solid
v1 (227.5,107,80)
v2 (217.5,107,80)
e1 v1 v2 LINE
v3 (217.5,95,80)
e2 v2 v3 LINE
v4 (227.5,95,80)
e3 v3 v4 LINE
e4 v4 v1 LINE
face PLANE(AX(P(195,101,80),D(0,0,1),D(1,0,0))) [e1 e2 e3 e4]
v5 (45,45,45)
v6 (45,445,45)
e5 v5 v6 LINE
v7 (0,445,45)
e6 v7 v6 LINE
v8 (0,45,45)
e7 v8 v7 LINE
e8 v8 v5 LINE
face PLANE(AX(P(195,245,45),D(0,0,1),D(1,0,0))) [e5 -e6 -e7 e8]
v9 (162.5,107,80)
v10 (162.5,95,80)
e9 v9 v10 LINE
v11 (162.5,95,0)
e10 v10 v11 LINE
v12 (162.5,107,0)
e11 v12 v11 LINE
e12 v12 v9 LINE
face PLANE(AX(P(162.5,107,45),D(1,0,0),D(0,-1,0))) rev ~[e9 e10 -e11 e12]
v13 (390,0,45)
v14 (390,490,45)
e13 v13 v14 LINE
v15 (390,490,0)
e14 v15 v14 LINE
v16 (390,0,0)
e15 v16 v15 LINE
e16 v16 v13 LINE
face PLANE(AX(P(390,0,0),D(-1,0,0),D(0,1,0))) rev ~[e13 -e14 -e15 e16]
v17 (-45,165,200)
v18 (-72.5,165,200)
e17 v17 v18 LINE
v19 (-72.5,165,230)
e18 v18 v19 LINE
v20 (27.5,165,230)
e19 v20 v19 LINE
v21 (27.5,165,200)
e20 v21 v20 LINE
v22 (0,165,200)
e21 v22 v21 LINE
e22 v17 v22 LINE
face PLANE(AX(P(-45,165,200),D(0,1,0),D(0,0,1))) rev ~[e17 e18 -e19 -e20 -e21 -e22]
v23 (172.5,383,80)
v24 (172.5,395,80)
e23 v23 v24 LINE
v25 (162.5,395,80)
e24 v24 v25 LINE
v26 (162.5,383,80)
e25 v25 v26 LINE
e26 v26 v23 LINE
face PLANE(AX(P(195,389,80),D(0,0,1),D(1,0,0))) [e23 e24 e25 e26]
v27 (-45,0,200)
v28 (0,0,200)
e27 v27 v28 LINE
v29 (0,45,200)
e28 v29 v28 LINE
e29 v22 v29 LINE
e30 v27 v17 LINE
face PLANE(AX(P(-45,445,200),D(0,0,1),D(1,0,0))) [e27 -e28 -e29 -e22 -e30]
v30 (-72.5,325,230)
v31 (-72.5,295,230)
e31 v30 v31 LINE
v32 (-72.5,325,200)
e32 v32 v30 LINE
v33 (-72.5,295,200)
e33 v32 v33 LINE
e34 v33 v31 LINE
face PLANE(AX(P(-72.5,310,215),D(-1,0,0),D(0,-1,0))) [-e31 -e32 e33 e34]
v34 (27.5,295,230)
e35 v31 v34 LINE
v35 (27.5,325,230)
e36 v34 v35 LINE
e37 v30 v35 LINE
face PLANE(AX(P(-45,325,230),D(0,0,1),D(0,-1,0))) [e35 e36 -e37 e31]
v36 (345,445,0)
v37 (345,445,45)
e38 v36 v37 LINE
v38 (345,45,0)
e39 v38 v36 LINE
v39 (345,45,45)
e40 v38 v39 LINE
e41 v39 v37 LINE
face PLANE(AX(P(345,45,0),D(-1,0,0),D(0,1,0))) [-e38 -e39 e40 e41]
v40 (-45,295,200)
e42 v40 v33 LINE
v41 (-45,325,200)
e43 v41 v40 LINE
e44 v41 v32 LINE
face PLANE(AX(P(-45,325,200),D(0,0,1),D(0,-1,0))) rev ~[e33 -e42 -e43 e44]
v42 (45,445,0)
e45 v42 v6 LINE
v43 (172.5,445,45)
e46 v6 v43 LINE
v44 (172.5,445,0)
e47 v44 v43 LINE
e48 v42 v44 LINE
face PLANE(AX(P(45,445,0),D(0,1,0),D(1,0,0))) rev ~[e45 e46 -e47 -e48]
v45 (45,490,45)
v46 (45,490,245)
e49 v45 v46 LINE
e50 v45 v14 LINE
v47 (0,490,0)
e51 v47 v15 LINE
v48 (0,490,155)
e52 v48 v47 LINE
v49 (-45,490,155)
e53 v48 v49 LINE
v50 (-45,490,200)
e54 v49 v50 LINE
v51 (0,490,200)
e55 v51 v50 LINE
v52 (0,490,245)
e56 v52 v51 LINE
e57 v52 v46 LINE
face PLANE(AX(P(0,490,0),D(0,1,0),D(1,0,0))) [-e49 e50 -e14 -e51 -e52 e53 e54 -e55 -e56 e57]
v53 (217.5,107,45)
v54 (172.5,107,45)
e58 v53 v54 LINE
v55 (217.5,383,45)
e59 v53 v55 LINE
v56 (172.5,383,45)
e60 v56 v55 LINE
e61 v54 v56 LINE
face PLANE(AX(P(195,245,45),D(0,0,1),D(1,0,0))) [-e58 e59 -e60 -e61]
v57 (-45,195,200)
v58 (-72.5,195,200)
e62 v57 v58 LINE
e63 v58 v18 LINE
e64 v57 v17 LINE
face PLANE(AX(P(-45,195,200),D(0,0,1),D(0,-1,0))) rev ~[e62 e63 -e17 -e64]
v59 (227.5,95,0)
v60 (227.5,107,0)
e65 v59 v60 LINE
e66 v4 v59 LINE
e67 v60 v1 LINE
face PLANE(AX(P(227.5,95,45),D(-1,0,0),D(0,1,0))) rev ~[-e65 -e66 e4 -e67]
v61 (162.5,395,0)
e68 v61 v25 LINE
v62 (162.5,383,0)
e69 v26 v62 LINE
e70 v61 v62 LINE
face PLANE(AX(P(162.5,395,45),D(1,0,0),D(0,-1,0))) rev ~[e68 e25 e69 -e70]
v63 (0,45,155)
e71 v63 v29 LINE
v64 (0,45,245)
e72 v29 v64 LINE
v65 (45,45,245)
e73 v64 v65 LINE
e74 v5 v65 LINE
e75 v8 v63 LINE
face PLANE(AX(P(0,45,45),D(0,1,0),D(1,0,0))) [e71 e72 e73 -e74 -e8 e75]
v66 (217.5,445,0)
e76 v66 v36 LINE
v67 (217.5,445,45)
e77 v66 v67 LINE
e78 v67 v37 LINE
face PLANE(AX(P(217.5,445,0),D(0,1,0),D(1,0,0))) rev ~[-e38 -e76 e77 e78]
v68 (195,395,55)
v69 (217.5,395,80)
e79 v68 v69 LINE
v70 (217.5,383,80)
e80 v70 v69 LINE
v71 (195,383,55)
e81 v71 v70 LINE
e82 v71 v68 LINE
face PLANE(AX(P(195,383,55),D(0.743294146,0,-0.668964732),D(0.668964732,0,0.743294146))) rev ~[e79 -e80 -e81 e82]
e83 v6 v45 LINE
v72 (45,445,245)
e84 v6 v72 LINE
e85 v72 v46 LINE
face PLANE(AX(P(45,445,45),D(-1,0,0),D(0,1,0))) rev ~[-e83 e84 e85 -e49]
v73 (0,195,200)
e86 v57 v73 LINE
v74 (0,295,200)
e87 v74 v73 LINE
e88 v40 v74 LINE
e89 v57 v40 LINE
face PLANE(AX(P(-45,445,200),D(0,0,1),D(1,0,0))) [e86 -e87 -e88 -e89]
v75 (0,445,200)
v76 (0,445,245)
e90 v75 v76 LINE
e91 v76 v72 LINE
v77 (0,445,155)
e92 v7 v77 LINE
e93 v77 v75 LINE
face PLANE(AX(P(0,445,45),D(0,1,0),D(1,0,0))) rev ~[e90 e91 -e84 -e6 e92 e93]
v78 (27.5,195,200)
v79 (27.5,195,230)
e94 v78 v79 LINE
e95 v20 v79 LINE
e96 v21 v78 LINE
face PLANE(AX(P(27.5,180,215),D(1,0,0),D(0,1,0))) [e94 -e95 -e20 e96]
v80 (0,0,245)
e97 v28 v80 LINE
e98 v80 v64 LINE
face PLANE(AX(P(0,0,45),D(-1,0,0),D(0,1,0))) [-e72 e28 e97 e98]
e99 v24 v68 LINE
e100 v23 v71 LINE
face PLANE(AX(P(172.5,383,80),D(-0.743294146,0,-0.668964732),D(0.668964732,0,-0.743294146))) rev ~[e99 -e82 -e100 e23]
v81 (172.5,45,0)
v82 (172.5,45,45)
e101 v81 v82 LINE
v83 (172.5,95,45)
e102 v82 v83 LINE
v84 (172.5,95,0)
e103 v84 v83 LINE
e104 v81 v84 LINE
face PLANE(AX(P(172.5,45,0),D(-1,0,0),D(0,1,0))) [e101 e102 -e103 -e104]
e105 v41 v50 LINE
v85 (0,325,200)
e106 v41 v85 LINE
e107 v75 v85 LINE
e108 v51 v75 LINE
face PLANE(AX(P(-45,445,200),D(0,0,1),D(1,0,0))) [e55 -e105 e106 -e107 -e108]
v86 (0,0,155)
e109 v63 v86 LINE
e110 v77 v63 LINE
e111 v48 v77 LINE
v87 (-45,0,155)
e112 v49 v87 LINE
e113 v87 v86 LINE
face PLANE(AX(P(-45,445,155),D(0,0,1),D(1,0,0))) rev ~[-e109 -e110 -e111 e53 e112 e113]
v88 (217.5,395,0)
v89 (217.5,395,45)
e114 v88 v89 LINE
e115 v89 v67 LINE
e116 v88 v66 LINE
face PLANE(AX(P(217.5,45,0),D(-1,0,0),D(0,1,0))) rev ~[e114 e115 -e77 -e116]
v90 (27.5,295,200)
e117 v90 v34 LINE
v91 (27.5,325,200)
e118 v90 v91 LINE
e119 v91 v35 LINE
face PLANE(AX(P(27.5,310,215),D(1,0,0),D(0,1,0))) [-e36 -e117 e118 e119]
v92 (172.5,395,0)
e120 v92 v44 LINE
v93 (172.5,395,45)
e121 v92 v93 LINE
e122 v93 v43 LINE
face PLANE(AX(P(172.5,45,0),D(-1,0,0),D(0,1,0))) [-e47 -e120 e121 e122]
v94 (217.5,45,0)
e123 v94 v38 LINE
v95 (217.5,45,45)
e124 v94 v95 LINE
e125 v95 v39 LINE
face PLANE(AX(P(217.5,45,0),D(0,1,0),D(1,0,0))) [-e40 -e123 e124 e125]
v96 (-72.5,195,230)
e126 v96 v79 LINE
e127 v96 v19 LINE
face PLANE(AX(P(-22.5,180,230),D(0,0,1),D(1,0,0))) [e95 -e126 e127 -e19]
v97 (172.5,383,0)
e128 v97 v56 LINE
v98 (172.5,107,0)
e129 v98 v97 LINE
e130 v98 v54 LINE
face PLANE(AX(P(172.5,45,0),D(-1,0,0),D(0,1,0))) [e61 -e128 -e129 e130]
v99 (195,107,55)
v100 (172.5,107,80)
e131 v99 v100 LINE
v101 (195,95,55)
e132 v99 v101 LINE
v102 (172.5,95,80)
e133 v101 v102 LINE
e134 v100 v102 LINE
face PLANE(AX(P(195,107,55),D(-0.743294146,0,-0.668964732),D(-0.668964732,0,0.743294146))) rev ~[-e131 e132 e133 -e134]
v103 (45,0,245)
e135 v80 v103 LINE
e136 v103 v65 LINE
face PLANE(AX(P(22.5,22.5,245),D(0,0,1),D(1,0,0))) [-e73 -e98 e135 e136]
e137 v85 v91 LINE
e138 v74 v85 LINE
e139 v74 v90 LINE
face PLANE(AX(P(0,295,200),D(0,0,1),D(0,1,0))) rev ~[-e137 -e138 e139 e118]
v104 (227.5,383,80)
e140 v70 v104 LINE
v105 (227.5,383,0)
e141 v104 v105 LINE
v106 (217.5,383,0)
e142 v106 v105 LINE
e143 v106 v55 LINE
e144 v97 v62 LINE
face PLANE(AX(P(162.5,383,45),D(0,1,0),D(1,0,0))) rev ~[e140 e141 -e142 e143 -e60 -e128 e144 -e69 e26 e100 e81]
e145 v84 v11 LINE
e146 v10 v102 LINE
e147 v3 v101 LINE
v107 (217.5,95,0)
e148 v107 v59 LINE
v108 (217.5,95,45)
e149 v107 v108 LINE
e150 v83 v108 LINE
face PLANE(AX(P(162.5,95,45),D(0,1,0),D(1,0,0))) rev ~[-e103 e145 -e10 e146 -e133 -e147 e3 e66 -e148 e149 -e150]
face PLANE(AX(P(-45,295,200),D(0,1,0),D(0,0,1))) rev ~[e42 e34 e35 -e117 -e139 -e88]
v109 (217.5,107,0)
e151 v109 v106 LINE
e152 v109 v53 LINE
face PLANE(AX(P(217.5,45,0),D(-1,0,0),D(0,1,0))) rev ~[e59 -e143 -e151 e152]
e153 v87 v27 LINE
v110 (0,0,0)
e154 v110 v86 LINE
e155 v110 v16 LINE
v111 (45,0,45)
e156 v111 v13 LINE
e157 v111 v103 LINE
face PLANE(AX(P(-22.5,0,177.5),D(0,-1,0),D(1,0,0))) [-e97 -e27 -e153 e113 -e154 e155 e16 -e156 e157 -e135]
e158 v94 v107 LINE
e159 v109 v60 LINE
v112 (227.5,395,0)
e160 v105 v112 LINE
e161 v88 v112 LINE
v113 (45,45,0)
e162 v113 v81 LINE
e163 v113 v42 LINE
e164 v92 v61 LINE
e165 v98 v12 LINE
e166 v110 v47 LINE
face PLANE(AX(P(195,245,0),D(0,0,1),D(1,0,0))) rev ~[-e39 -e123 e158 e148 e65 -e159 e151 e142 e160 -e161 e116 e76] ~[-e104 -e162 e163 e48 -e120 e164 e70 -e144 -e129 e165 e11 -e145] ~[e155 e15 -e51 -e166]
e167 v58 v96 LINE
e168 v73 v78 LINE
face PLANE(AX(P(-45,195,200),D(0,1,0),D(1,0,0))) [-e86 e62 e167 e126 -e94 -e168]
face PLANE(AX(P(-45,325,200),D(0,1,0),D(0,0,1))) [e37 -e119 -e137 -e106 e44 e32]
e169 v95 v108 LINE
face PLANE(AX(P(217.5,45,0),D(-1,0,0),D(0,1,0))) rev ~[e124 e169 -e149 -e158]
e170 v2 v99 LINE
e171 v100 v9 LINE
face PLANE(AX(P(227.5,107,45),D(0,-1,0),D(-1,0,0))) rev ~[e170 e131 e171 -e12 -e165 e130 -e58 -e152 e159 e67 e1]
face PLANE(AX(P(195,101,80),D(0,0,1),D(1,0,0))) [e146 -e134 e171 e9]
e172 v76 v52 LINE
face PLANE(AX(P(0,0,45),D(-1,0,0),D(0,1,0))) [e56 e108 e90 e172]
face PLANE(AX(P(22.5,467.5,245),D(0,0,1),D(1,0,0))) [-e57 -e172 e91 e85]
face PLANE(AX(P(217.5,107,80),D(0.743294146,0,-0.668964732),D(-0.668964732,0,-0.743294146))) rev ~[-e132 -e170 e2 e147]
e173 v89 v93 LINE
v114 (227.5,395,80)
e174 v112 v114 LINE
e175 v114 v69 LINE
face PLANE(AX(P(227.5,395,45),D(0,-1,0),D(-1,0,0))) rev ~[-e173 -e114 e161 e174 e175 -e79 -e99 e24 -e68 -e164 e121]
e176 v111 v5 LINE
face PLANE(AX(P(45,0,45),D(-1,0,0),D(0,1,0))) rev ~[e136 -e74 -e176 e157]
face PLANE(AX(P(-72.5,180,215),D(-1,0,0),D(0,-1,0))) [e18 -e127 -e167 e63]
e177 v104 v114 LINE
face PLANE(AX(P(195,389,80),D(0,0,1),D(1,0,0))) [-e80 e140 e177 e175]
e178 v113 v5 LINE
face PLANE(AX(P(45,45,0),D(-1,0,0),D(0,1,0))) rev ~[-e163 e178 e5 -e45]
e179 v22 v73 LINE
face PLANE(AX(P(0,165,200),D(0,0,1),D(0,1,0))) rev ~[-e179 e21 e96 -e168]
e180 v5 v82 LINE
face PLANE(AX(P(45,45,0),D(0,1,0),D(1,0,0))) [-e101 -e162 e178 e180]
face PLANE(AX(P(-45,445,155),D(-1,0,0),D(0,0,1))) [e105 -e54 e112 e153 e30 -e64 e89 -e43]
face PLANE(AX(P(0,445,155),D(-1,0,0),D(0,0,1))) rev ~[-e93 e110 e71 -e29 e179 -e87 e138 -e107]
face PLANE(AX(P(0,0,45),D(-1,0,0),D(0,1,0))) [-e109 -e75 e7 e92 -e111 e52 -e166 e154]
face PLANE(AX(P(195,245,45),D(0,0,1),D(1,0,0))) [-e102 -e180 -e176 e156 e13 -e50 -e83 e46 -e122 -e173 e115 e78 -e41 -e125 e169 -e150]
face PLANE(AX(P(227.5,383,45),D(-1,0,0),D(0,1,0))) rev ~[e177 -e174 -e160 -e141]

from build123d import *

# Parameters (mm, degrees)
F0_W      = 390
F0_H      = 490
F0_W_2    = 127.5
F0_H_2    = 400
F1_DEPTH  = 45
F2_W      = 45
F2_H      = 45
F3_DEPTH  = 200
F4_W      = 45
F4_H      = 45
F5_DEPTH  = 45
F6_W      = 45
F6_H      = 45
F7_DEPTH  = 445
F8_W      = 12
F8_H      = 45
F9_DEPTH  = 10
F10_W     = 12
F10_H     = 45
F11_DEPTH = 10
F13_DEPTH = 35
F15_DEPTH = 12
F16_W     = 12
F16_H     = 45
F17_DEPTH = 10
F18_W     = 12
F18_H     = 45
F19_DEPTH = 10
F21_DEPTH = 35
F23_DEPTH = 12
F24_W     = 45
F24_H     = 30
F25_DEPTH = 30
F26_W     = 30
F26_H     = 30
F27_DEPTH = 27.5
F28_W     = 30
F28_H     = 30
F29_DEPTH = 27.5


with BuildPart() as f1:
    # F0 (on Top) → F1 (new body)
    with BuildSketch(Plane.XY):
        with Locations((195, 245)):
            Rectangle(F0_W, F0_H)
        with Locations((108.75, 245)):
            Rectangle(F0_W_2, F0_H_2, mode=Mode.SUBTRACT)
        with Locations((281.25, 245)):
            Rectangle(F0_W_2, F0_H_2, mode=Mode.SUBTRACT)
    extrude(amount=F1_DEPTH)

    # F2 (on face) → F3 (join)
    with BuildSketch(Plane.XY.offset(45)):
        with Locations((22.5, 22.5)):
            Rectangle(F2_W, F2_H)
        with Locations((22.5, 467.5)):
            Rectangle(F2_W, F2_H)
    extrude(amount=F3_DEPTH)

    # F4 (on face) → F5 (join)
    with BuildSketch(Plane(origin=(0, 0, 0), x_dir=(0, -1, 0), z_dir=(-1, 0, 0))):
        with Locations((-467.5, 177.5)):
            Rectangle(F4_W, F4_H)
    extrude(amount=F5_DEPTH)

    # F6 (on face) → F7 (join)
    with BuildSketch(Plane.XZ.offset(-445)):
        with Locations((-22.5, 177.5)):
            Rectangle(F6_W, F6_H)
    extrude(amount=F7_DEPTH)

    # F8 (on face) → F9 (join)
    with BuildSketch(Plane.YZ.offset(217.5)):
        with Locations((101, 22.5)):
            Rectangle(F8_W, F8_H)
    extrude(amount=F9_DEPTH)

    # F10 (on face) → F11 (join)
    with BuildSketch(Plane(origin=(172.5, 0, 0), x_dir=(0, -1, 0), z_dir=(-1, 0, 0))):
        with Locations((-101, 22.5)):
            Rectangle(F10_W, F10_H)
    extrude(amount=F11_DEPTH)

    # F12 (on face) → F13 (join)
    with BuildSketch(Plane.XY.offset(45)):
        Polygon((217.5, 95), (227.5, 95), (227.5, 107), (217.5, 107), (172.5, 107), (162.5, 107), (162.5, 95), (172.5, 95), align=None)
    extrude(amount=F13_DEPTH)

    # F14 (on face) → F15 (cut)
    with BuildSketch(Plane(origin=(0, 107, 0), x_dir=(-1, 0, 0), z_dir=(0, 1, 0))):
        Polygon((-172.5, 80), (-217.5, 80), (-195, 55), align=None)
    extrude(amount=-F15_DEPTH, mode=Mode.SUBTRACT)

    # F16 (on face) → F17 (join)
    with BuildSketch(Plane.YZ.offset(217.5)):
        with Locations((389, 22.5)):
            Rectangle(F16_W, F16_H)
    extrude(amount=F17_DEPTH)

    # F18 (on face) → F19 (join)
    with BuildSketch(Plane(origin=(172.5, 0, 0), x_dir=(0, -1, 0), z_dir=(-1, 0, 0))):
        with Locations((-389, 22.5)):
            Rectangle(F18_W, F18_H)
    extrude(amount=F19_DEPTH)

    # F20 (on face) → F21 (join)
    with BuildSketch(Plane.XY.offset(45)):
        Polygon((227.5, 383), (227.5, 395), (217.5, 395), (172.5, 395), (162.5, 395), (162.5, 383), (172.5, 383), (217.5, 383), align=None)
    extrude(amount=F21_DEPTH)

    # F22 (on face) → F23 (cut)
    with BuildSketch(Plane.XZ.offset(-383)):
        Polygon((217.5, 80), (172.5, 80), (195, 55), align=None)
    extrude(amount=-F23_DEPTH, mode=Mode.SUBTRACT)

    # F24 (on face) → F25 (join)
    with BuildSketch(Plane.XY.offset(200)):
        with Locations((-22.5, 180)):
            Rectangle(F24_W, F24_H)
        with Locations((-22.5, 310)):
            Rectangle(F24_W, F24_H)
    extrude(amount=F25_DEPTH)

    # F26 (on face) → F27 (join)
    with BuildSketch(Plane.YZ):
        with Locations((310, 215)):
            Rectangle(F26_W, F26_H)
        with Locations((180, 215)):
            Rectangle(F26_W, F26_H)
    extrude(amount=F27_DEPTH)

    # F28 (on face) → F29 (join)
    with BuildSketch(Plane(origin=(-45, 0, 0), x_dir=(0, -1, 0), z_dir=(-1, 0, 0))):
        with Locations((-310, 215)):
            Rectangle(F28_W, F28_H)
        with Locations((-180, 215)):
            Rectangle(F28_W, F28_H)
    extrude(amount=F29_DEPTH)


solid = f1.part
